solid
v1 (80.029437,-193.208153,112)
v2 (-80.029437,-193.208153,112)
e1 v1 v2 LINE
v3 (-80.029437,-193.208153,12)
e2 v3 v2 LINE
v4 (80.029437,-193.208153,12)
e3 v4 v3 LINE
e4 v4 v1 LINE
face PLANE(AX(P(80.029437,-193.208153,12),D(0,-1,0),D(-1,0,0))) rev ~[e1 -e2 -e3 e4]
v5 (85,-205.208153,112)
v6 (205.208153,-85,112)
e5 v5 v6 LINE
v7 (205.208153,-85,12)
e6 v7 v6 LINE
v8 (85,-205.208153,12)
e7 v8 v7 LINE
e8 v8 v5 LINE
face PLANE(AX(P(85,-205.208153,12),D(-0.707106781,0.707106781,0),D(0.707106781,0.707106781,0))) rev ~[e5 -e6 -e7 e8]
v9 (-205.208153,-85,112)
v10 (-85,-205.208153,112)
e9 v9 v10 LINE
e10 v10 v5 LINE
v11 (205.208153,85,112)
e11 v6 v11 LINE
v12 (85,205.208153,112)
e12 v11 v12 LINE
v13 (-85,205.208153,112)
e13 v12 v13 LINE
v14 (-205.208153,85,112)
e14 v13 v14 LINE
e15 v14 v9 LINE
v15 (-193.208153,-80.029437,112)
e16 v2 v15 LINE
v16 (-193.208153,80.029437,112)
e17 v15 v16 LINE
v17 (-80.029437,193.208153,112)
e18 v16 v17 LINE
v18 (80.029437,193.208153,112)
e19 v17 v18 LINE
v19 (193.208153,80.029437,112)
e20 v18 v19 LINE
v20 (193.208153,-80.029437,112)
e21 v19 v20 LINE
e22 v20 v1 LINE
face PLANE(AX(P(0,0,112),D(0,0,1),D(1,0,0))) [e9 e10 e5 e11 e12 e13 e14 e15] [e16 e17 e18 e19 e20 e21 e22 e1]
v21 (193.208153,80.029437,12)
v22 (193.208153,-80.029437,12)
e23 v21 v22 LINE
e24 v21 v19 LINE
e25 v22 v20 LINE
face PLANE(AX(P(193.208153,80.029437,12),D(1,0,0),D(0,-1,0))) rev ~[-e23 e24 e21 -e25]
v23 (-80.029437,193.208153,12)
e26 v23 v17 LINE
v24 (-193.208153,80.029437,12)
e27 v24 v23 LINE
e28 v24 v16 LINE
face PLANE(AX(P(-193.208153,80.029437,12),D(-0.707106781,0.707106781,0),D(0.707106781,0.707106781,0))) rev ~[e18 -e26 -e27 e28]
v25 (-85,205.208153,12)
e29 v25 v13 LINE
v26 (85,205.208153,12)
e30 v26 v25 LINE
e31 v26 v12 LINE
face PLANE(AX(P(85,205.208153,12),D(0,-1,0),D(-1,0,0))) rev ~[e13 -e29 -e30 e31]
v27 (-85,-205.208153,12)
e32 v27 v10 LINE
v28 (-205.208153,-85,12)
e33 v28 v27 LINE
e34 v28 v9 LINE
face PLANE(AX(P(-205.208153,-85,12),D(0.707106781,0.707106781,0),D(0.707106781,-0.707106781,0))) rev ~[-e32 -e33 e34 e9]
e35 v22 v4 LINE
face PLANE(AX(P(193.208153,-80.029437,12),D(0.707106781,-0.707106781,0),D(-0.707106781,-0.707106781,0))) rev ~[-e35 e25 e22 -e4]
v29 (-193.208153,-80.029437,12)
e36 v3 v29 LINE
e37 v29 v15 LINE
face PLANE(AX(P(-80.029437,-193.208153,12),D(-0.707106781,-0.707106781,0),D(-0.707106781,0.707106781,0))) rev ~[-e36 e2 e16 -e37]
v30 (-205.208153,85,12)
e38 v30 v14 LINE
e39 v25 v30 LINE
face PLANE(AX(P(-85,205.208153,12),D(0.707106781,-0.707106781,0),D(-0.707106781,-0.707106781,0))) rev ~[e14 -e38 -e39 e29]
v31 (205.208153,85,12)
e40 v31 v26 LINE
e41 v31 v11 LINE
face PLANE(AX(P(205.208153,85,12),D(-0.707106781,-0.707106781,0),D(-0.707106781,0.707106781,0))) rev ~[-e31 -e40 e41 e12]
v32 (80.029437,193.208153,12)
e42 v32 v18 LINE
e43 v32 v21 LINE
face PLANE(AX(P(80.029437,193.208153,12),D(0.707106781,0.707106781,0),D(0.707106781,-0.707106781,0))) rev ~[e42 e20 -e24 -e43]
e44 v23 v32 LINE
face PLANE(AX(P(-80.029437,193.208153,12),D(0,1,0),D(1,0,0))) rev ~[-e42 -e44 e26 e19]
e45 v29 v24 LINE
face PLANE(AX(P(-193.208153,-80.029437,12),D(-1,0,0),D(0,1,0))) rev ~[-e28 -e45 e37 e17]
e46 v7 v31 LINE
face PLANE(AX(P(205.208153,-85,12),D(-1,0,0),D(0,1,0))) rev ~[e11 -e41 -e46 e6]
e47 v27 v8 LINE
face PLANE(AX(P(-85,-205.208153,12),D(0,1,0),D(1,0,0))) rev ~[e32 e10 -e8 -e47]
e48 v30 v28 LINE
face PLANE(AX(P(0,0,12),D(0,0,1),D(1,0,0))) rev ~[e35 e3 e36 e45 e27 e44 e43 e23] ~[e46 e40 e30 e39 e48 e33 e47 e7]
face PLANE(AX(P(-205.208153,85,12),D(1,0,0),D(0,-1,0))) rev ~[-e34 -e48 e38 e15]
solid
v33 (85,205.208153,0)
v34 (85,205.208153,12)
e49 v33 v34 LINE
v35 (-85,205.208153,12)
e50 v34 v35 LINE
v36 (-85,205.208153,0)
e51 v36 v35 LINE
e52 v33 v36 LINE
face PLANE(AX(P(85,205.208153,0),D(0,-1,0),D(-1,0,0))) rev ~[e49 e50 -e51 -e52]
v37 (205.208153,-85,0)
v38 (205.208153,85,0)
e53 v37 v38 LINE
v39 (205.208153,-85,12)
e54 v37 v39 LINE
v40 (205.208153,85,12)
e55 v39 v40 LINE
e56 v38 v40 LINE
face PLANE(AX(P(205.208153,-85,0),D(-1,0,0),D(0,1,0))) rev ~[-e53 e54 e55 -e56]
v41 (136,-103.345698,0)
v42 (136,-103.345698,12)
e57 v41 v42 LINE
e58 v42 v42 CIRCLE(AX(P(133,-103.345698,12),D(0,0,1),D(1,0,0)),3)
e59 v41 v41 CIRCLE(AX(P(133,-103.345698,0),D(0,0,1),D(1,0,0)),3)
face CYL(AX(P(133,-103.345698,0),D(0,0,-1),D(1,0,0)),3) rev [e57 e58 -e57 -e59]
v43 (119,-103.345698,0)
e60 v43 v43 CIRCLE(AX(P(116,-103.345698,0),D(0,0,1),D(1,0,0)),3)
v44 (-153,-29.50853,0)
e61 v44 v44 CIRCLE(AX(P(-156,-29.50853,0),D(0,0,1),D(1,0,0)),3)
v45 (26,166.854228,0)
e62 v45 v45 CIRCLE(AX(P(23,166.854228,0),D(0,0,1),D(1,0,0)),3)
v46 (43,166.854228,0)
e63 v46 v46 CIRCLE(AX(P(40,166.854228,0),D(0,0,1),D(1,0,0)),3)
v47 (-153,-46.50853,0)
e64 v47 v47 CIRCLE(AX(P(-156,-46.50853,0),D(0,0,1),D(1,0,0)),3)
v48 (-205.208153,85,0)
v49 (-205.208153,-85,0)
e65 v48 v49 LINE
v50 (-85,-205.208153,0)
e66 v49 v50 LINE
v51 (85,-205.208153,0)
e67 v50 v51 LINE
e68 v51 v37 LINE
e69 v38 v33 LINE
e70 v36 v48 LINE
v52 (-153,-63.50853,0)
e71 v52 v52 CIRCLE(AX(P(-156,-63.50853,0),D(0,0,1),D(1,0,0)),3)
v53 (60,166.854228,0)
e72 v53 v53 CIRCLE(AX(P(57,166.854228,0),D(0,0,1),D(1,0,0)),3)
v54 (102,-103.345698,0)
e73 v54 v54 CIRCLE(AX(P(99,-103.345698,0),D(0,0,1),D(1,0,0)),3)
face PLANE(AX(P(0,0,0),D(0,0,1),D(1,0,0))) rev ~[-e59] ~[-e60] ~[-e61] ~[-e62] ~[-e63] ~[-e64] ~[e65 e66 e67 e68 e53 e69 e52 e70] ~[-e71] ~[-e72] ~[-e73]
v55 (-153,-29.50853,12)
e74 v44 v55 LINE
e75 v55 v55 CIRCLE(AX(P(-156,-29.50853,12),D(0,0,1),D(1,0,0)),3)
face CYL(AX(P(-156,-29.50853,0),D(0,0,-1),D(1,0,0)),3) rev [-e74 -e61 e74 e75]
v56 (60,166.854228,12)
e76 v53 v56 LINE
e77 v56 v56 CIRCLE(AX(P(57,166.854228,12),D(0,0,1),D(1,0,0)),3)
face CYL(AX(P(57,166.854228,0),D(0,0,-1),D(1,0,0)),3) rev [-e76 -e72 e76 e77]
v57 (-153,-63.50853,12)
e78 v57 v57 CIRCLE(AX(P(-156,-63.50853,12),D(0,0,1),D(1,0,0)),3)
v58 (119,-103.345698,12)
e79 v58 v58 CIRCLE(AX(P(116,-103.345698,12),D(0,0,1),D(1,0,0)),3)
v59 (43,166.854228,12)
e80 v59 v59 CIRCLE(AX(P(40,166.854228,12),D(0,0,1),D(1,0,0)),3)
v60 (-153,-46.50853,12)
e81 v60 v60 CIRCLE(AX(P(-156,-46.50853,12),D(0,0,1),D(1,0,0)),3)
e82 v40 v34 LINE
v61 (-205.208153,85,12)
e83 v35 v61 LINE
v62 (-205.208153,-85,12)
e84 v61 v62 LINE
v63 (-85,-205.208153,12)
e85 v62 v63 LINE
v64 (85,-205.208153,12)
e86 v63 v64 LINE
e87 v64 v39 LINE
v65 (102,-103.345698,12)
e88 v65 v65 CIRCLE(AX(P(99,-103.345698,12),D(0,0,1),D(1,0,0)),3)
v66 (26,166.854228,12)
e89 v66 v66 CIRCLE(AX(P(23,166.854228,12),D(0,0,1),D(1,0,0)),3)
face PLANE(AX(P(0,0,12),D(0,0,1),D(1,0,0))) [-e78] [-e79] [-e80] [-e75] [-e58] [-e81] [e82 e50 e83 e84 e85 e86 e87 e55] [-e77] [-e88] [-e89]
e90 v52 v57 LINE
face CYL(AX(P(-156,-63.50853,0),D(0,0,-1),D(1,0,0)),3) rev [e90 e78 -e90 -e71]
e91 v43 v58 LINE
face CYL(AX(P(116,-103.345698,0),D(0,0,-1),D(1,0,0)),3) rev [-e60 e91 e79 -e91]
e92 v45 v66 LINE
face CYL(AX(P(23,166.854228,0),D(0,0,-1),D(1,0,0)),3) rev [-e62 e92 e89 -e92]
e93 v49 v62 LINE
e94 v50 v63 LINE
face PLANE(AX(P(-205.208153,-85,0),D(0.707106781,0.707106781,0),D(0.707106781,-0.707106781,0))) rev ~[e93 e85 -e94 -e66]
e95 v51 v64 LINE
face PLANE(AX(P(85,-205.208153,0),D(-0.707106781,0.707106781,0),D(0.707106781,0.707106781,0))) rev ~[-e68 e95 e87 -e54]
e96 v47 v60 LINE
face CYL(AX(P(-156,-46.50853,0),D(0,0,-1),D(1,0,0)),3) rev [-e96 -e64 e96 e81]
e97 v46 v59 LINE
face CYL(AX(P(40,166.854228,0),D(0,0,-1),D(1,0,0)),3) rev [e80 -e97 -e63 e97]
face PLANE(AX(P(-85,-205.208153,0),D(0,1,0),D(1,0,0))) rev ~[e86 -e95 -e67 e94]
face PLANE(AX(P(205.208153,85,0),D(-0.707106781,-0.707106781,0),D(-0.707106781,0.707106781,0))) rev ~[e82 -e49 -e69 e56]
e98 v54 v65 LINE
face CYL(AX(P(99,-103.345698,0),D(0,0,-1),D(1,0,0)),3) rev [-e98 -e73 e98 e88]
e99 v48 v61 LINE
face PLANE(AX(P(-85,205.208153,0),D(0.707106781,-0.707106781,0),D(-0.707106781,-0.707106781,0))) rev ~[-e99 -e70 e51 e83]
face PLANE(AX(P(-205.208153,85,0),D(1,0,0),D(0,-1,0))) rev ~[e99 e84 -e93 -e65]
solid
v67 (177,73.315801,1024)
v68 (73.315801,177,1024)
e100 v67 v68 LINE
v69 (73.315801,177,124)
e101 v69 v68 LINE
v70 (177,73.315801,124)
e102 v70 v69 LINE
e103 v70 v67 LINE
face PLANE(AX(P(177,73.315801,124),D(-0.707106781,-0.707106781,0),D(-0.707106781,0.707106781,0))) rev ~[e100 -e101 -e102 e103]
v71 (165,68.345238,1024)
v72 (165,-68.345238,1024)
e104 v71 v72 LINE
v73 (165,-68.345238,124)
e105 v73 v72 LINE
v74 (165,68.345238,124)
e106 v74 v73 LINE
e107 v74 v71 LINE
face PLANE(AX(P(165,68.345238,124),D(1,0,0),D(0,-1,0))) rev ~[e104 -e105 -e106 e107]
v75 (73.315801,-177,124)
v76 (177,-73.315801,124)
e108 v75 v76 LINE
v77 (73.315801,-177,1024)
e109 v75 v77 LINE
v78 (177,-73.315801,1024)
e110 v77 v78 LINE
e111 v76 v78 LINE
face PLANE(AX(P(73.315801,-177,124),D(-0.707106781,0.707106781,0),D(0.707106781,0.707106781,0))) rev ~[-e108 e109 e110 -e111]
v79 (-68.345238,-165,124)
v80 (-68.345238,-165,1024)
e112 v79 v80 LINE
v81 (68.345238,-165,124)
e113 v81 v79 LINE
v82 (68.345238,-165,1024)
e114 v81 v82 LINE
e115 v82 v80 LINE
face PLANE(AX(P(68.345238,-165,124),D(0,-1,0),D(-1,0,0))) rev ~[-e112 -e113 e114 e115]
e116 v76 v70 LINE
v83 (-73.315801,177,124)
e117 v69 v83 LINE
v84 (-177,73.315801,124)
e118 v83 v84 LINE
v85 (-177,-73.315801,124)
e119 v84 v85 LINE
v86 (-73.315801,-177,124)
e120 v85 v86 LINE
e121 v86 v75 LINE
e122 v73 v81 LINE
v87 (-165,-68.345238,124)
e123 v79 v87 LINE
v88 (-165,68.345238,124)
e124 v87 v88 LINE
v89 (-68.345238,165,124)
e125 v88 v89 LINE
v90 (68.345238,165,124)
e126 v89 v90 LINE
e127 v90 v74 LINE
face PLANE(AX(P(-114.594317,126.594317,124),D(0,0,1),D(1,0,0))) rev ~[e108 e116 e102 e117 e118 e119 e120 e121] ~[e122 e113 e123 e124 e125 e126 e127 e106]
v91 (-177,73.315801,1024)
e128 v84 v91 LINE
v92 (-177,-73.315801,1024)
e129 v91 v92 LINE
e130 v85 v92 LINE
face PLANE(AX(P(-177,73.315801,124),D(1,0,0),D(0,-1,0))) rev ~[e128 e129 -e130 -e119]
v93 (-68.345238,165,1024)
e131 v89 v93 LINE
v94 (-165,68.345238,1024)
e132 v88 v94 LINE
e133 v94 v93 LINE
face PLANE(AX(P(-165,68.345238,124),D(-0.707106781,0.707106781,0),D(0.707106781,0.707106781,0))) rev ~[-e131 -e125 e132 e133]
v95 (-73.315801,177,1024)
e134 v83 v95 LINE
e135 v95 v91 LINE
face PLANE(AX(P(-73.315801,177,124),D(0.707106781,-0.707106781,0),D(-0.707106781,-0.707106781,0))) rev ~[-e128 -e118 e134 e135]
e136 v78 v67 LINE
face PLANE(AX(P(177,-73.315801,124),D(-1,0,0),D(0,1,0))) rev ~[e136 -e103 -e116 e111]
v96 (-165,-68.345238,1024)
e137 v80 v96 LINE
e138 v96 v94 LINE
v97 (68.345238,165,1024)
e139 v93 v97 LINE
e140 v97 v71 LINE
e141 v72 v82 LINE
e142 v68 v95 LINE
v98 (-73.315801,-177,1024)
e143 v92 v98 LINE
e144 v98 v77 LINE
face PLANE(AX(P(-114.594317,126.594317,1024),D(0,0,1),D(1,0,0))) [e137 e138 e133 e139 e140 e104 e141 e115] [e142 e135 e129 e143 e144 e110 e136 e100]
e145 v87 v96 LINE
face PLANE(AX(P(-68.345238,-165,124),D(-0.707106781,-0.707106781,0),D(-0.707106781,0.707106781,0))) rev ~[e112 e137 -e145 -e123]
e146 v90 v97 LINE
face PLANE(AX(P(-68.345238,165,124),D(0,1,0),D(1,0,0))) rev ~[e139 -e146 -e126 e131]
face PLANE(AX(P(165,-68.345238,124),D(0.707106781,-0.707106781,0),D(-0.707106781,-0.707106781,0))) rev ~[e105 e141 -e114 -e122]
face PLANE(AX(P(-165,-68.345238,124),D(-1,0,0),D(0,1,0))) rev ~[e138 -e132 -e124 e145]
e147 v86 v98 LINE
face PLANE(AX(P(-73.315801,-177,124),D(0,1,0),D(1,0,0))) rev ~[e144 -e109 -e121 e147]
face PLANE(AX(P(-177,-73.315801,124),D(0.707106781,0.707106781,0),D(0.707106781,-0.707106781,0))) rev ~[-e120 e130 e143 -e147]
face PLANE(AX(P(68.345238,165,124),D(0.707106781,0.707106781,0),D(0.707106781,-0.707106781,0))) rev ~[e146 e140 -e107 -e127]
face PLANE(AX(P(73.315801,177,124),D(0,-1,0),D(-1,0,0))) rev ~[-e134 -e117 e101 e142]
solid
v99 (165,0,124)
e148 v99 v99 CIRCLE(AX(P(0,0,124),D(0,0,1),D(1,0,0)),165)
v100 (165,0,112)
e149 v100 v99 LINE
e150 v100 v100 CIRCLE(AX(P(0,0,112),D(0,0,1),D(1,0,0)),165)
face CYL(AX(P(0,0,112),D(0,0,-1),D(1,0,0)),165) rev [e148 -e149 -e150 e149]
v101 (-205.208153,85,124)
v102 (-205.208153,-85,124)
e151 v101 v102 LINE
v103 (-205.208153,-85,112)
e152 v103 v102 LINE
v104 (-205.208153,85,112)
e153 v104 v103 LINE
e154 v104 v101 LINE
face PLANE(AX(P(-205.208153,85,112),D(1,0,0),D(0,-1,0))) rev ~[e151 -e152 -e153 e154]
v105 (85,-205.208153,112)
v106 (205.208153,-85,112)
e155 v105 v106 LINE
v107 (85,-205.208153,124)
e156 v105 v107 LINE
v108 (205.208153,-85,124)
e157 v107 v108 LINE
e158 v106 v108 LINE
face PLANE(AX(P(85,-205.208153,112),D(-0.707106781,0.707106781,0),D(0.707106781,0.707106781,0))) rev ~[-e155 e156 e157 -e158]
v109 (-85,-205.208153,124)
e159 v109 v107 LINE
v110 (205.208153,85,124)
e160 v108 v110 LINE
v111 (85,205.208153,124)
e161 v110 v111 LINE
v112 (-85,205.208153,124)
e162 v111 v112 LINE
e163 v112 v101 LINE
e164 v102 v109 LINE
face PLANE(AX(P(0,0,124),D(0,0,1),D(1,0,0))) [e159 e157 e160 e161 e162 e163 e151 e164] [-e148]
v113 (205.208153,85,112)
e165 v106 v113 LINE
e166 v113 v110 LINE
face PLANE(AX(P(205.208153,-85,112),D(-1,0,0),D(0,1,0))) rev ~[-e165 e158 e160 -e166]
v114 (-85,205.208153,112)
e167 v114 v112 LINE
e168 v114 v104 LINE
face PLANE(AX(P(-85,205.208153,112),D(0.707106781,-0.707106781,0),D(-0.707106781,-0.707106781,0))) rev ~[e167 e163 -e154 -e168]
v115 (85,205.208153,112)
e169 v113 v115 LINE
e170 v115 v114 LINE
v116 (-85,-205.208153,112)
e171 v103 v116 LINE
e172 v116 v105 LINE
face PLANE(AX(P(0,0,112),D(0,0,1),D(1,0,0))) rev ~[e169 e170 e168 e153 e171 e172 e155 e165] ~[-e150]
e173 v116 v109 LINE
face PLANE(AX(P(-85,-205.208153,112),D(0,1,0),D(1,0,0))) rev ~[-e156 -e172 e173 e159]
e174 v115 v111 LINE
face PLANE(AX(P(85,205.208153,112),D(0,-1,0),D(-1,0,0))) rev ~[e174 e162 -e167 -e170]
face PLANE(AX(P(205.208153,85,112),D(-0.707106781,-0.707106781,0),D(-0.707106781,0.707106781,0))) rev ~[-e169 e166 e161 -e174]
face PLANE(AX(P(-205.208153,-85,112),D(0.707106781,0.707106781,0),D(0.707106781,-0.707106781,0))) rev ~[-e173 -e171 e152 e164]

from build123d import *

# Parameters (mm, degrees)
F0_R     = 3
F1_DEPTH = 12
F3_DEPTH = 100
F4_R     = 165
F5_DEPTH = 12
F7_DEPTH = 900


with BuildPart() as f1:
    # F0 (on Top) → F1 (new body)
    with BuildSketch(Plane.XY):
        Polygon((85, 205.208153), (-85, 205.208153), (-205.208153, 85), (-205.208153, -85), (-85, -205.208153), (85, -205.208153), (205.208153, -85), (205.208153, 85), align=None)
        with Locations((-156, -63.50853)):
            Circle(F0_R, mode=Mode.SUBTRACT)
        with Locations((-156, -46.50853)):
            Circle(F0_R, mode=Mode.SUBTRACT)
        with Locations((-156, -29.50853)):
            Circle(F0_R, mode=Mode.SUBTRACT)
        with Locations((99, -103.345698)):
            Circle(F0_R, mode=Mode.SUBTRACT)
        with Locations((116, -103.345698)):
            Circle(F0_R, mode=Mode.SUBTRACT)
        with Locations((133, -103.345698)):
            Circle(F0_R, mode=Mode.SUBTRACT)
        with Locations((23, 166.854228)):
            Circle(F0_R, mode=Mode.SUBTRACT)
        with Locations((40, 166.854228)):
            Circle(F0_R, mode=Mode.SUBTRACT)
        with Locations((57, 166.854228)):
            Circle(F0_R, mode=Mode.SUBTRACT)
    extrude(amount=F1_DEPTH)


with BuildPart() as f3:
    # F2 (on face) → F3 (new body)
    with BuildSketch(Plane.XY.offset(12)):
        Polygon((-85, 205.208153), (-205.208153, 85), (-205.208153, -85), (-85, -205.208153), (85, -205.208153), (205.208153, -85), (205.208153, 85), (85, 205.208153), align=None)
        Polygon((80.029437, -193.208153), (-80.029437, -193.208153), (-193.208153, -80.029437), (-193.208153, 80.029437), (-80.029437, 193.208153), (80.029437, 193.208153), (193.208153, 80.029437), (193.208153, -80.029437), align=None, mode=Mode.SUBTRACT)
    extrude(amount=F3_DEPTH)


with BuildPart() as f5:
    # F4 (on face) → F5 (new body)
    with BuildSketch(Plane.XY.offset(112)):
        Polygon((205.208153, 85), (85, 205.208153), (-85, 205.208153), (-205.208153, 85), (-205.208153, -85), (-85, -205.208153), (85, -205.208153), (205.208153, -85), align=None)
        Circle(F4_R, mode=Mode.SUBTRACT)
    extrude(amount=F5_DEPTH)


with BuildPart() as f7:
    # F6 (on face) → F7 (new body)
    with BuildSketch(Plane.XY.offset(124)):
        Polygon((-165, 68.345238), (-68.345238, 165), (-56.345238, 177), (-73.315801, 177), (-165, 85.315801), align=None)
        Polygon((-56.345238, 177), (-68.345238, 165), (68.345238, 165), (165, 68.345238), (165, -68.345238), (68.345238, -165), (-68.345238, -165), (-165, -68.345238), (-165, 68.345238), (-165, 85.315801), (-177, 73.315801), (-177, -73.315801), (-73.315801, -177), (73.315801, -177), (177, -73.315801), (177, 73.315801), (73.315801, 177), align=None)
    extrude(amount=F7_DEPTH)


solid = Compound([f1.part, f3.part, f5.part, f7.part])
